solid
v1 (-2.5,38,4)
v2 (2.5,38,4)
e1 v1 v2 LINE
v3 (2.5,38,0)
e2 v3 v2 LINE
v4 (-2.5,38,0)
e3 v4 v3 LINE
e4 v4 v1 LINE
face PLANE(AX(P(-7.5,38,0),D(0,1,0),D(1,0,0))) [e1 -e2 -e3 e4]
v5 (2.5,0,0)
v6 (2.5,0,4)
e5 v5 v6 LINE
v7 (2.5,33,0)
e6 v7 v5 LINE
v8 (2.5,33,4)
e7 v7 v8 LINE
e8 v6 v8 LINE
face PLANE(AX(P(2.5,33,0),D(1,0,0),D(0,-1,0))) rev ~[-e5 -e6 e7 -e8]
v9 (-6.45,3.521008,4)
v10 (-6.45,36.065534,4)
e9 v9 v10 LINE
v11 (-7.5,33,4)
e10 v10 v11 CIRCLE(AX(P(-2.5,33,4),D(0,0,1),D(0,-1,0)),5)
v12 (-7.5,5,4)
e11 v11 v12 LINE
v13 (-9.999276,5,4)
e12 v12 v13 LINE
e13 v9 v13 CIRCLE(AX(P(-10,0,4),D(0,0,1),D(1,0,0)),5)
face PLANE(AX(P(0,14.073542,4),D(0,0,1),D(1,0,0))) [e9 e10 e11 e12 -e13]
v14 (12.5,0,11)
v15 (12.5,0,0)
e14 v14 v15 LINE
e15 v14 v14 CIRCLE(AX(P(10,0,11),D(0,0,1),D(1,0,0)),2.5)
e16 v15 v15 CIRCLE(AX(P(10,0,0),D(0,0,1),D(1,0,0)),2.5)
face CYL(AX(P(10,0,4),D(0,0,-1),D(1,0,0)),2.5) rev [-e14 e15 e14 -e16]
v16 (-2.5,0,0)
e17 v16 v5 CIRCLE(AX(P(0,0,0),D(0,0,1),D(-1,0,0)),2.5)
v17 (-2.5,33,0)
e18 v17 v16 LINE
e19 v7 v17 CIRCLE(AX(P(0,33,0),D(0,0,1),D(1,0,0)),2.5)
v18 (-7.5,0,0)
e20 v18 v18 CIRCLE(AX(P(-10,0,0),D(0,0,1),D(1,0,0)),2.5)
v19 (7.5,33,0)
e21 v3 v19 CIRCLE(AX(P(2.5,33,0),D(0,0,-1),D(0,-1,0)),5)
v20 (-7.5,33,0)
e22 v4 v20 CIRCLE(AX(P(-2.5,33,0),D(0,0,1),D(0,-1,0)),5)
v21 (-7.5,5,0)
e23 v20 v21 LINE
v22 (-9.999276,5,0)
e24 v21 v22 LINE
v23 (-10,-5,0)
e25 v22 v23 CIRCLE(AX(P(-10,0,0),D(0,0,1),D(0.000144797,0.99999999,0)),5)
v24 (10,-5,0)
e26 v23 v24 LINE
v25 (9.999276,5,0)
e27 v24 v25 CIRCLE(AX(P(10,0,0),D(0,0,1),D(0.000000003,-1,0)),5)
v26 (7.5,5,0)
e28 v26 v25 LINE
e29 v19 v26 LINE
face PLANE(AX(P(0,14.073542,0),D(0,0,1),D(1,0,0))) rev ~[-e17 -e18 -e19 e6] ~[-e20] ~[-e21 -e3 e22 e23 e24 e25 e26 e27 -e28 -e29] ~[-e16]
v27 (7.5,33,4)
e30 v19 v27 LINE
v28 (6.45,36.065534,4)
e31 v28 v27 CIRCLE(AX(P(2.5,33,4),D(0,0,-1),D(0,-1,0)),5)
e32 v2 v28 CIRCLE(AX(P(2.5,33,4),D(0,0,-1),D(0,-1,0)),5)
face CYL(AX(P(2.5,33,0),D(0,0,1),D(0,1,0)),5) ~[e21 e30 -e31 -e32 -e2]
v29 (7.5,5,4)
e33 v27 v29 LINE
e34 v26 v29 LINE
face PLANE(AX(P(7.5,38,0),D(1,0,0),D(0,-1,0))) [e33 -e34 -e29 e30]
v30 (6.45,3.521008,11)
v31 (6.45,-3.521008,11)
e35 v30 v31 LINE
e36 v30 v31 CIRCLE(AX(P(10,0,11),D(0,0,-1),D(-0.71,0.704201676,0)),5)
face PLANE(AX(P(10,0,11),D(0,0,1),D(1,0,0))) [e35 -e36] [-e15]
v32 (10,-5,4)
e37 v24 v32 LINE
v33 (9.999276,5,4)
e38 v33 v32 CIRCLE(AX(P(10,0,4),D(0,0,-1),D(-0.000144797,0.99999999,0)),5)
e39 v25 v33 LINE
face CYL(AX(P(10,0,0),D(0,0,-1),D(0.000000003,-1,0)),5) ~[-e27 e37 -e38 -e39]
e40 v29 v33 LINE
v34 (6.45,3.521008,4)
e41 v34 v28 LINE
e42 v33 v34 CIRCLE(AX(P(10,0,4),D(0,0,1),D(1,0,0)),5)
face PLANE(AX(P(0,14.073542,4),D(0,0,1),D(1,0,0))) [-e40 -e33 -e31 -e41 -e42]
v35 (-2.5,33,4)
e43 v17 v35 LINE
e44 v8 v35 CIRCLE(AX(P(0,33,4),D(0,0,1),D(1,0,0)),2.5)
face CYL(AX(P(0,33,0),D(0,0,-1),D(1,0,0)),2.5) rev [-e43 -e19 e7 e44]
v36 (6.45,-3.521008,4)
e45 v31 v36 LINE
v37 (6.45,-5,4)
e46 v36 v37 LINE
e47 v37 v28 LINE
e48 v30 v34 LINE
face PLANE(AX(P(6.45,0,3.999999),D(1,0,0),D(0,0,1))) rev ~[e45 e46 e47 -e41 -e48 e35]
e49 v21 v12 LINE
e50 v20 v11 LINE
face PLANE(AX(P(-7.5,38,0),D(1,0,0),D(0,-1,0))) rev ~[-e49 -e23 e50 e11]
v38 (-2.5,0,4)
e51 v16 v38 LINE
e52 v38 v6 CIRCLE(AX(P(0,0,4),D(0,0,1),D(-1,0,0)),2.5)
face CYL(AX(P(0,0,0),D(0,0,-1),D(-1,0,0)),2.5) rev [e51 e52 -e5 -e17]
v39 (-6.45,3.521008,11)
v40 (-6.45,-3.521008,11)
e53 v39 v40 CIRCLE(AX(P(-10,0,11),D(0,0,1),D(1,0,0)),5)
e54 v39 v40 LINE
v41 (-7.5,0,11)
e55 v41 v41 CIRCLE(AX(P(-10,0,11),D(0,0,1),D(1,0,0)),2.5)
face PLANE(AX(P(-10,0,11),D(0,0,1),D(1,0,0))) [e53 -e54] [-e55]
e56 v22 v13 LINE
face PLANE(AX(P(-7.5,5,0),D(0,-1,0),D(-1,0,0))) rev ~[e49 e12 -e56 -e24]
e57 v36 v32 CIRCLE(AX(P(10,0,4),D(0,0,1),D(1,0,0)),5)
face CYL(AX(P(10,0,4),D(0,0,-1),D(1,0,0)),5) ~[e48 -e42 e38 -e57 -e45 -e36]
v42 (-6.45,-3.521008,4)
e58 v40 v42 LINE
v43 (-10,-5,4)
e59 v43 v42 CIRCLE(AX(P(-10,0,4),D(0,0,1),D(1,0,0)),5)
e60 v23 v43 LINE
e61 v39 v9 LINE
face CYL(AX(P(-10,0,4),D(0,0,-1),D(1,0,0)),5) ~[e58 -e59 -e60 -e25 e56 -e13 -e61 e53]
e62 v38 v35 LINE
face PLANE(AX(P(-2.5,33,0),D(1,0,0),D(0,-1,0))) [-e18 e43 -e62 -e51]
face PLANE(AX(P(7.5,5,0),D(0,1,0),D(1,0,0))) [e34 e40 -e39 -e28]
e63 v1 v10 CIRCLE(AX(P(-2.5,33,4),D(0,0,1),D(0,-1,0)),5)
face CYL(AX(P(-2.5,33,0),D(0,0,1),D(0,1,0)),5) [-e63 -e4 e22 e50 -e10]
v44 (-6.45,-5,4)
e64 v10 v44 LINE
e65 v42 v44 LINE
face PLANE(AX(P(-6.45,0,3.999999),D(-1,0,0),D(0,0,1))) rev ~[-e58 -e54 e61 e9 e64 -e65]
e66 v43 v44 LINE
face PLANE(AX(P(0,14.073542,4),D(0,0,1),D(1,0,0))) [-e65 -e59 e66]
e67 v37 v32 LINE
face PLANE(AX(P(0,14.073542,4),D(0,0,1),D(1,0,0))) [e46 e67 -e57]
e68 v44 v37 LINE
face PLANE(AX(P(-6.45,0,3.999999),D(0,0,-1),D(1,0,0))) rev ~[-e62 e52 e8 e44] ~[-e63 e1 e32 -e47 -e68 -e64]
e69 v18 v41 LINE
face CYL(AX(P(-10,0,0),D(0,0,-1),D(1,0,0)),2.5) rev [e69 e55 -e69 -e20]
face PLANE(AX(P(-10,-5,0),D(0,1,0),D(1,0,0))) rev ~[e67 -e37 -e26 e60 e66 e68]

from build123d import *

# Parameters (mm, degrees)
SKETCH_R          = 2.5
PAD_DEPTH         = 4
SKETCH001_R       = 5
SKETCH001_R_2     = 2.5
PAD001_DEPTH      = 7
FILLET_R          = 5
SKETCH002_W       = 12.9
SKETCH002_H       = 8.550953
POCKET_DEPTH      = 38.001
POCKET_DEPTH_BACK = 5.001


with BuildPart() as part:
    # Sketch → Pad (new body)
    with BuildSketch(Plane.XY):
        with BuildLine():
            Line((-10, -5), (10, -5))
            ThreePointArc((10, -5), (15, 0.000362), (9.999276, 5))
            Line((7.5, 5), (9.999276, 5))
            Line((7.5, 38), (7.5, 5))
            Line((-7.5, 38), (7.5, 38))
            Line((-7.5, 38), (-7.5, 5))
            Line((-7.5, 5), (-9.999276, 5))
            ThreePointArc((-9.999276, 5), (-15, 0.000362), (-10, -5))
        make_face()
        with Locations((-10, 0)):
            Circle(SKETCH_R, mode=Mode.SUBTRACT)
        with Locations((10, 0)):
            Circle(SKETCH_R, mode=Mode.SUBTRACT)
        with BuildLine():
            ThreePointArc((2.5, 33), (0, 35.5), (-2.5, 33))
            Line((-2.5, 33), (-2.5, 0))
            ThreePointArc((-2.5, 0), (0, -2.5), (2.5, 0))
            Line((2.5, 33), (2.5, 0))
        make_face(mode=Mode.SUBTRACT)
    extrude(amount=PAD_DEPTH)

    # Sketch001 (on Face16 of Pad) → Pad001 (join)
    with BuildSketch(Plane.XY.offset(4)):
        with Locations((10, 0)):
            Circle(SKETCH001_R)
        with Locations((10, 0)):
            Circle(SKETCH001_R_2, mode=Mode.SUBTRACT)
        with Locations((-10, 0)):
            Circle(SKETCH001_R)
        with Locations((-10, 0)):
            Circle(SKETCH001_R_2, mode=Mode.SUBTRACT)
    extrude(amount=PAD001_DEPTH)

    # Fillet
    fillet_edges = [part.edges().sort_by_distance(p)[0] for p in [
        (-7.5, 38, 2),
        (7.5, 38, 2),
    ]]
    fillet(fillet_edges, radius=FILLET_R)

    # Sketch002 → Pocket (cut, two sides)
    with BuildSketch(Plane.XZ) as pocket_sk:
        with Locations((0, 8.275476)):
            Rectangle(SKETCH002_W, SKETCH002_H)
    extrude(amount=-POCKET_DEPTH, mode=Mode.SUBTRACT)
    extrude(pocket_sk.sketch, amount=POCKET_DEPTH_BACK, mode=Mode.SUBTRACT)


solid = part.part
